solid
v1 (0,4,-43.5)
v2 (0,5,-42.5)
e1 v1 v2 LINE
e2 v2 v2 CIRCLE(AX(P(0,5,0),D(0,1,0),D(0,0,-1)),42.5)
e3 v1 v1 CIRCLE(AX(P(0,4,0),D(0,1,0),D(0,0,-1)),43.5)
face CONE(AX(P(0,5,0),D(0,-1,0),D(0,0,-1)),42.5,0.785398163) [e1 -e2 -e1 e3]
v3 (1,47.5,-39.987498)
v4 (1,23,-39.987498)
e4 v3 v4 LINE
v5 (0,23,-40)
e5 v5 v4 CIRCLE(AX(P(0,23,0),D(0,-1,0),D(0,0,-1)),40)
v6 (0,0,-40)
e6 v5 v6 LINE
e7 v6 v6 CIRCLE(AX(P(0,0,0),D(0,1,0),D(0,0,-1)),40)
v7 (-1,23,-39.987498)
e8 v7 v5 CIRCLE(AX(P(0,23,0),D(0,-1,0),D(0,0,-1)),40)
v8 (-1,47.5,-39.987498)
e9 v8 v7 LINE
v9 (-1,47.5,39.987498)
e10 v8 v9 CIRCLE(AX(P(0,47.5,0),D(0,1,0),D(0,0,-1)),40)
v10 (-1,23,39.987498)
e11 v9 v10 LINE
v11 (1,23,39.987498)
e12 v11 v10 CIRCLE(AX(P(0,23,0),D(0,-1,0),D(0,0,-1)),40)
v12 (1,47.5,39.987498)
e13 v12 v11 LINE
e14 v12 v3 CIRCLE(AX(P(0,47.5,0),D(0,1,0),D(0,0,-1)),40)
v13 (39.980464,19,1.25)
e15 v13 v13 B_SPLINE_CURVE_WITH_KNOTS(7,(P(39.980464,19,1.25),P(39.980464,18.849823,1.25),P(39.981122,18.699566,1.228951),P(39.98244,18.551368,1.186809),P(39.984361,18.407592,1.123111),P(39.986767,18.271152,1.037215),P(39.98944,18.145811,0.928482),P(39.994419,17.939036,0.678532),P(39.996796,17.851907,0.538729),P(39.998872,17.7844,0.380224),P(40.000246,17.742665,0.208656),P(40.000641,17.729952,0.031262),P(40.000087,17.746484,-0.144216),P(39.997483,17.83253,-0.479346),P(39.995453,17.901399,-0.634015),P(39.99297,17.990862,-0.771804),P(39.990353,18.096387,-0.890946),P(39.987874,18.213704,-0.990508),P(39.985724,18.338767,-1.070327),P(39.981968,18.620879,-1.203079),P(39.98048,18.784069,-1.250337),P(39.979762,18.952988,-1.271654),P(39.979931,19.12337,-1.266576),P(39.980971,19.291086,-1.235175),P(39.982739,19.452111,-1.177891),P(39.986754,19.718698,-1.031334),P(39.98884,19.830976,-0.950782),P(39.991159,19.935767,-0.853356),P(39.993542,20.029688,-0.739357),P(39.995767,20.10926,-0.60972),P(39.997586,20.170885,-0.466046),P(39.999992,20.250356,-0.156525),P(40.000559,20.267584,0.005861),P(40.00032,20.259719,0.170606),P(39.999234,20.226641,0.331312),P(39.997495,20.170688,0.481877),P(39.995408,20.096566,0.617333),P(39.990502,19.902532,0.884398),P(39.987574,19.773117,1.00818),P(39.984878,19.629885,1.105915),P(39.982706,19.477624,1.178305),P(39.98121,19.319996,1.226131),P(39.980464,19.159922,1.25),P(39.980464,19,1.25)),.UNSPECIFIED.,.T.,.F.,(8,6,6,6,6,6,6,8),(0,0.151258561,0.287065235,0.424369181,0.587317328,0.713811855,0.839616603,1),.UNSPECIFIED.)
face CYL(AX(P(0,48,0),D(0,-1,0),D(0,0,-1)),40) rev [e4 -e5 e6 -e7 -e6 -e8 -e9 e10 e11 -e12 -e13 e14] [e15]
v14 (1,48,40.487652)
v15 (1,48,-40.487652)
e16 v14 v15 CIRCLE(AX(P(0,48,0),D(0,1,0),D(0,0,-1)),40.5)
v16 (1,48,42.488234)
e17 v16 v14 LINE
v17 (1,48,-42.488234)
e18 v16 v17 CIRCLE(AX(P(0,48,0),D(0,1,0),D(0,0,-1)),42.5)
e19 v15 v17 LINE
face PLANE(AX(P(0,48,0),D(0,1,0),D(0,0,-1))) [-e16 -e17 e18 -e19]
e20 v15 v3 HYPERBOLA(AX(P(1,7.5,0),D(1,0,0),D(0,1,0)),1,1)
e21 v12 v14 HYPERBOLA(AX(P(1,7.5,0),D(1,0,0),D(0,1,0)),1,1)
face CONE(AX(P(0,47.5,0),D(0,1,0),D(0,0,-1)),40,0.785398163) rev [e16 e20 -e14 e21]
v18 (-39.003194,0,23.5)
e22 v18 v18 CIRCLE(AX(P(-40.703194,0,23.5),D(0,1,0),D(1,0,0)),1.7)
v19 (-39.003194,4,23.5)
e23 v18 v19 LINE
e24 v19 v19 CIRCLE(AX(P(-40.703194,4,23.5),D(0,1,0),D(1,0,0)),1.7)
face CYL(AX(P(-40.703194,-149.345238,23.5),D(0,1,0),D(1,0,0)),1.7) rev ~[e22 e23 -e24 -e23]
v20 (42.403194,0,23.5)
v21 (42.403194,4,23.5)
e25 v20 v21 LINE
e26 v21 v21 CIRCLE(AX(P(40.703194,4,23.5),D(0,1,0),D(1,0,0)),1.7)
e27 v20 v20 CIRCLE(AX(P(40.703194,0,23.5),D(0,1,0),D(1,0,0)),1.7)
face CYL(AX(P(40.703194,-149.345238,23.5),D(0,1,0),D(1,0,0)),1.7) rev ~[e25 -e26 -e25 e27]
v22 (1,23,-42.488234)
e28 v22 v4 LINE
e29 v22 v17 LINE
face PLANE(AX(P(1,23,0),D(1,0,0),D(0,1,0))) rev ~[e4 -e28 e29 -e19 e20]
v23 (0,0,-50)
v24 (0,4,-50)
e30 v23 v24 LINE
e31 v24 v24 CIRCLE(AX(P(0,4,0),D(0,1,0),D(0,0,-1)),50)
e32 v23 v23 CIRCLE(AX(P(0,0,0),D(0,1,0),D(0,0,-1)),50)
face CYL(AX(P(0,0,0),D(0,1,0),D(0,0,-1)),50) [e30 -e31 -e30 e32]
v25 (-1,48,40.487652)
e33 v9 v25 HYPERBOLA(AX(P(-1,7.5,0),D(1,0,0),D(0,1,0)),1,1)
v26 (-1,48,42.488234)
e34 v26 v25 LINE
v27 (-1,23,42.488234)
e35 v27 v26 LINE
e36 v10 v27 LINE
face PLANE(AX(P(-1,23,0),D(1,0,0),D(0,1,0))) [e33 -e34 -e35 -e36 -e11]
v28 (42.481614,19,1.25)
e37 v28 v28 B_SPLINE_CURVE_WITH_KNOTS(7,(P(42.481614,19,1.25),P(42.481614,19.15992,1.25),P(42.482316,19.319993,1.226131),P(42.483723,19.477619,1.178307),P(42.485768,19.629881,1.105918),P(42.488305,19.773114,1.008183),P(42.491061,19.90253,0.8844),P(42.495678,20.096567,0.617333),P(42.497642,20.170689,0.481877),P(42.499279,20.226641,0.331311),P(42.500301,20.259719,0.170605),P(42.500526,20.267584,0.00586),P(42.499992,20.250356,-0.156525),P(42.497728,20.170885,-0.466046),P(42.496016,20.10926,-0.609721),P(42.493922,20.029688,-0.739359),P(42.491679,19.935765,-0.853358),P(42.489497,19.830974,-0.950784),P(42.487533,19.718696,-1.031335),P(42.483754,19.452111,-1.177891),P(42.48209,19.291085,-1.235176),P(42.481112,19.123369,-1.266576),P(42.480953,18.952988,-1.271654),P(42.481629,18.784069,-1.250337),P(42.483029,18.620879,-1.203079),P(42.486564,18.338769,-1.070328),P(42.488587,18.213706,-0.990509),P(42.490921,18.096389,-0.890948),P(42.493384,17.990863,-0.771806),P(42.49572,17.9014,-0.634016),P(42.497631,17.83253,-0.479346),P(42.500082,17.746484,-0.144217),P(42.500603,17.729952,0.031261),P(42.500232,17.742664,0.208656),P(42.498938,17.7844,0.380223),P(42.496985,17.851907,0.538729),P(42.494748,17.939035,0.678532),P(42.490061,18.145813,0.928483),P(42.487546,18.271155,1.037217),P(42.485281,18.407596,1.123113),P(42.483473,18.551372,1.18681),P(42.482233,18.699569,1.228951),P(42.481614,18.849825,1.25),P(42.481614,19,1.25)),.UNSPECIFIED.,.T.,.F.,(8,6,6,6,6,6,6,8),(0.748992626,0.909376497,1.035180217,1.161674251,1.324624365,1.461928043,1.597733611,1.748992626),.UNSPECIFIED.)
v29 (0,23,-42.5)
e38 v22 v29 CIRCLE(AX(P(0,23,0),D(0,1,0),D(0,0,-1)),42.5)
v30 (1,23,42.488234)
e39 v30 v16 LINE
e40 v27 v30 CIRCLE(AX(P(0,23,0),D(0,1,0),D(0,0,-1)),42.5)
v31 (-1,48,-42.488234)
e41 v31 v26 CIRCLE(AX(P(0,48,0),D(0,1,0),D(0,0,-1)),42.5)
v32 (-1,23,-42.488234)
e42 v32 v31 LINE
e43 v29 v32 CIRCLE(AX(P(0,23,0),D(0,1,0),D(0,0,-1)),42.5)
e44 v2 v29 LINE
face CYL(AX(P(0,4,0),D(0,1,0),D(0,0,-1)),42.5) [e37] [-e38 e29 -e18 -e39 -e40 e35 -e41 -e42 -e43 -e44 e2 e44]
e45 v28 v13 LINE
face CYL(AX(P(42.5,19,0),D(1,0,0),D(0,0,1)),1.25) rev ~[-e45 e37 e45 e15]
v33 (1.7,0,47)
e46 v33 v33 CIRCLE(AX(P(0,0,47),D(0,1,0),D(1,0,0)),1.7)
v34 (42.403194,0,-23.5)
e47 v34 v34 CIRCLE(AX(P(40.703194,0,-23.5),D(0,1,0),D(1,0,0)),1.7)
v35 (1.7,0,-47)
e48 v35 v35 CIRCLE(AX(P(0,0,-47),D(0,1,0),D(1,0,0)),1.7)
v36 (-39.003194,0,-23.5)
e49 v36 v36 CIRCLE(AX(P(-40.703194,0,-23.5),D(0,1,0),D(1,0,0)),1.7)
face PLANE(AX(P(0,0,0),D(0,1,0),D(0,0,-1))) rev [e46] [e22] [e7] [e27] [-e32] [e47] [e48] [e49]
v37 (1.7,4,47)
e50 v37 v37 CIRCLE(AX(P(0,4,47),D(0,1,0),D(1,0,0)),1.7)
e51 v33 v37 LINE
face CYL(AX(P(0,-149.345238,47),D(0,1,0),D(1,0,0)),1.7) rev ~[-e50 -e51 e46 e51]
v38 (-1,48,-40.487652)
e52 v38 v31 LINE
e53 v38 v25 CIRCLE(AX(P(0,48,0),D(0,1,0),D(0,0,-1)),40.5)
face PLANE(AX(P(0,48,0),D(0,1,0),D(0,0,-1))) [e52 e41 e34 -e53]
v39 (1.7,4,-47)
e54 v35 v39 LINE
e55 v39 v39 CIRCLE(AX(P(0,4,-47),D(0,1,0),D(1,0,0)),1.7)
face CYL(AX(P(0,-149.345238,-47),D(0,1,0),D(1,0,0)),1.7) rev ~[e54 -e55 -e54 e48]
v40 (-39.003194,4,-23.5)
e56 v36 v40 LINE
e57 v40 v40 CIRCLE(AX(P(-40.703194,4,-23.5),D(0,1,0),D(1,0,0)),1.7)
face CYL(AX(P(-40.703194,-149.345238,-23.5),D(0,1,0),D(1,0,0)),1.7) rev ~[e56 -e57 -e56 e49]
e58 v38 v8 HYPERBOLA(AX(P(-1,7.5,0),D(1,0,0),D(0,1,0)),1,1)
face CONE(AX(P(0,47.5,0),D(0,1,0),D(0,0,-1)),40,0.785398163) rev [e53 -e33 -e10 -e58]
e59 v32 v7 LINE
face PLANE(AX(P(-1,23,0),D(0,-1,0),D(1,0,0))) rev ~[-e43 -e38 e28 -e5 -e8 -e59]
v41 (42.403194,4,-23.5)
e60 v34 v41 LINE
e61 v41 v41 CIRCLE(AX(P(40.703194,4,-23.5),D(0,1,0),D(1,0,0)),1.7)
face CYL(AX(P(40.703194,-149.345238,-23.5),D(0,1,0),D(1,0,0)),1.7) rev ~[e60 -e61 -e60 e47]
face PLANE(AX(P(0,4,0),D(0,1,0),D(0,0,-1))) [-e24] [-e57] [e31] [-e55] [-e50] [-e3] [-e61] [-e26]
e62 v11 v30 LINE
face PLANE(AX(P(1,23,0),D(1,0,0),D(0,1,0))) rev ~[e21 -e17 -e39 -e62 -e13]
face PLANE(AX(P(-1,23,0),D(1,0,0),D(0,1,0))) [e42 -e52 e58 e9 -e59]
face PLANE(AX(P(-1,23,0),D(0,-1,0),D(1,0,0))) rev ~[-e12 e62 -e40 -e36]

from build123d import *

# Parameters (mm, degrees)
CHAMFER_1_SIZE            = 1
CHAMFER_2_SIZE            = 0.5
SKETCH_2_W                = 2
SKETCH_2_H                = 25
CUT_EXTRUDE_695_DEPTH     = 50
HOLE_WIZARD_M3_1_D        = 3.4
HOLE_WIZARD_M3_1_2_REACH  = 111.075
HOLE_WIZARD_M3_1_2_BORE_R = 1.25


with BuildPart() as part:
    # 草图1 → 旋转1 (revolve)
    with BuildSketch(Plane.XY, mode=Mode.PRIVATE) as revolve_1_sk:
        Polygon((40, 0), (50, 0), (50, 4), (42.5, 4), (42.5, 48), (40, 48), align=None)
    revolve(revolve_1_sk.sketch.rotate(Axis((0, 0, 0), (0, 1, 0)), 90), axis=Axis((0, 0, 0), (0, 1, 0)))

    # 倒角1
    chamfer_1_edges = [part.edges().sort_by_distance(p)[0] for p in [
        (0, 4, 42.5),
    ]]
    chamfer(chamfer_1_edges, length=CHAMFER_1_SIZE)

    # 倒角2
    chamfer_2_edges = [part.edges().sort_by_distance(p)[0] for p in [
        (0, 48, 40),
    ]]
    chamfer(chamfer_2_edges, length=CHAMFER_2_SIZE)

    # 草图2 → Cut-Extrude 695 (cut, symmetric)
    with BuildSketch(Plane.XY):
        with Locations((0, 35.5)):
            Rectangle(SKETCH_2_W, SKETCH_2_H)
    extrude(amount=CUT_EXTRUDE_695_DEPTH, both=True, mode=Mode.SUBTRACT)

    # Hole Wizard M3 _1 (through all)
    with Locations(Plane(origin=(0, 0, 0), x_dir=(-1, 0, 0), z_dir=(0, -1, 0))):
        with Locations((0, 47), (40.703193978, 23.5), (40.703193978, -23.5), (0, -47), (-40.703193978, -23.5), (-40.703193978, 23.5)):
            Hole(HOLE_WIZARD_M3_1_D / 2)

    # Hole Wizard M3 _1 2 bore (on position points) → Hole Wizard M3 _1 2 (cut, up to next)
    with BuildSketch(Plane(origin=(42.5, 19, 0), x_dir=(0, 0, 1), z_dir=(1, 0, 0)), mode=Mode.PRIVATE) as hole_wizard_m3_1_2_sk1:
        Circle(HOLE_WIZARD_M3_1_2_BORE_R)
    hole_wizard_m3_1_2_tool1 = extrude(hole_wizard_m3_1_2_sk1.sketch, amount=-HOLE_WIZARD_M3_1_2_REACH, mode=Mode.PRIVATE) & part.part
    add(hole_wizard_m3_1_2_tool1.solids().sort_by_distance((42.5, 19, 0))[0], mode=Mode.SUBTRACT)


solid = part.part
